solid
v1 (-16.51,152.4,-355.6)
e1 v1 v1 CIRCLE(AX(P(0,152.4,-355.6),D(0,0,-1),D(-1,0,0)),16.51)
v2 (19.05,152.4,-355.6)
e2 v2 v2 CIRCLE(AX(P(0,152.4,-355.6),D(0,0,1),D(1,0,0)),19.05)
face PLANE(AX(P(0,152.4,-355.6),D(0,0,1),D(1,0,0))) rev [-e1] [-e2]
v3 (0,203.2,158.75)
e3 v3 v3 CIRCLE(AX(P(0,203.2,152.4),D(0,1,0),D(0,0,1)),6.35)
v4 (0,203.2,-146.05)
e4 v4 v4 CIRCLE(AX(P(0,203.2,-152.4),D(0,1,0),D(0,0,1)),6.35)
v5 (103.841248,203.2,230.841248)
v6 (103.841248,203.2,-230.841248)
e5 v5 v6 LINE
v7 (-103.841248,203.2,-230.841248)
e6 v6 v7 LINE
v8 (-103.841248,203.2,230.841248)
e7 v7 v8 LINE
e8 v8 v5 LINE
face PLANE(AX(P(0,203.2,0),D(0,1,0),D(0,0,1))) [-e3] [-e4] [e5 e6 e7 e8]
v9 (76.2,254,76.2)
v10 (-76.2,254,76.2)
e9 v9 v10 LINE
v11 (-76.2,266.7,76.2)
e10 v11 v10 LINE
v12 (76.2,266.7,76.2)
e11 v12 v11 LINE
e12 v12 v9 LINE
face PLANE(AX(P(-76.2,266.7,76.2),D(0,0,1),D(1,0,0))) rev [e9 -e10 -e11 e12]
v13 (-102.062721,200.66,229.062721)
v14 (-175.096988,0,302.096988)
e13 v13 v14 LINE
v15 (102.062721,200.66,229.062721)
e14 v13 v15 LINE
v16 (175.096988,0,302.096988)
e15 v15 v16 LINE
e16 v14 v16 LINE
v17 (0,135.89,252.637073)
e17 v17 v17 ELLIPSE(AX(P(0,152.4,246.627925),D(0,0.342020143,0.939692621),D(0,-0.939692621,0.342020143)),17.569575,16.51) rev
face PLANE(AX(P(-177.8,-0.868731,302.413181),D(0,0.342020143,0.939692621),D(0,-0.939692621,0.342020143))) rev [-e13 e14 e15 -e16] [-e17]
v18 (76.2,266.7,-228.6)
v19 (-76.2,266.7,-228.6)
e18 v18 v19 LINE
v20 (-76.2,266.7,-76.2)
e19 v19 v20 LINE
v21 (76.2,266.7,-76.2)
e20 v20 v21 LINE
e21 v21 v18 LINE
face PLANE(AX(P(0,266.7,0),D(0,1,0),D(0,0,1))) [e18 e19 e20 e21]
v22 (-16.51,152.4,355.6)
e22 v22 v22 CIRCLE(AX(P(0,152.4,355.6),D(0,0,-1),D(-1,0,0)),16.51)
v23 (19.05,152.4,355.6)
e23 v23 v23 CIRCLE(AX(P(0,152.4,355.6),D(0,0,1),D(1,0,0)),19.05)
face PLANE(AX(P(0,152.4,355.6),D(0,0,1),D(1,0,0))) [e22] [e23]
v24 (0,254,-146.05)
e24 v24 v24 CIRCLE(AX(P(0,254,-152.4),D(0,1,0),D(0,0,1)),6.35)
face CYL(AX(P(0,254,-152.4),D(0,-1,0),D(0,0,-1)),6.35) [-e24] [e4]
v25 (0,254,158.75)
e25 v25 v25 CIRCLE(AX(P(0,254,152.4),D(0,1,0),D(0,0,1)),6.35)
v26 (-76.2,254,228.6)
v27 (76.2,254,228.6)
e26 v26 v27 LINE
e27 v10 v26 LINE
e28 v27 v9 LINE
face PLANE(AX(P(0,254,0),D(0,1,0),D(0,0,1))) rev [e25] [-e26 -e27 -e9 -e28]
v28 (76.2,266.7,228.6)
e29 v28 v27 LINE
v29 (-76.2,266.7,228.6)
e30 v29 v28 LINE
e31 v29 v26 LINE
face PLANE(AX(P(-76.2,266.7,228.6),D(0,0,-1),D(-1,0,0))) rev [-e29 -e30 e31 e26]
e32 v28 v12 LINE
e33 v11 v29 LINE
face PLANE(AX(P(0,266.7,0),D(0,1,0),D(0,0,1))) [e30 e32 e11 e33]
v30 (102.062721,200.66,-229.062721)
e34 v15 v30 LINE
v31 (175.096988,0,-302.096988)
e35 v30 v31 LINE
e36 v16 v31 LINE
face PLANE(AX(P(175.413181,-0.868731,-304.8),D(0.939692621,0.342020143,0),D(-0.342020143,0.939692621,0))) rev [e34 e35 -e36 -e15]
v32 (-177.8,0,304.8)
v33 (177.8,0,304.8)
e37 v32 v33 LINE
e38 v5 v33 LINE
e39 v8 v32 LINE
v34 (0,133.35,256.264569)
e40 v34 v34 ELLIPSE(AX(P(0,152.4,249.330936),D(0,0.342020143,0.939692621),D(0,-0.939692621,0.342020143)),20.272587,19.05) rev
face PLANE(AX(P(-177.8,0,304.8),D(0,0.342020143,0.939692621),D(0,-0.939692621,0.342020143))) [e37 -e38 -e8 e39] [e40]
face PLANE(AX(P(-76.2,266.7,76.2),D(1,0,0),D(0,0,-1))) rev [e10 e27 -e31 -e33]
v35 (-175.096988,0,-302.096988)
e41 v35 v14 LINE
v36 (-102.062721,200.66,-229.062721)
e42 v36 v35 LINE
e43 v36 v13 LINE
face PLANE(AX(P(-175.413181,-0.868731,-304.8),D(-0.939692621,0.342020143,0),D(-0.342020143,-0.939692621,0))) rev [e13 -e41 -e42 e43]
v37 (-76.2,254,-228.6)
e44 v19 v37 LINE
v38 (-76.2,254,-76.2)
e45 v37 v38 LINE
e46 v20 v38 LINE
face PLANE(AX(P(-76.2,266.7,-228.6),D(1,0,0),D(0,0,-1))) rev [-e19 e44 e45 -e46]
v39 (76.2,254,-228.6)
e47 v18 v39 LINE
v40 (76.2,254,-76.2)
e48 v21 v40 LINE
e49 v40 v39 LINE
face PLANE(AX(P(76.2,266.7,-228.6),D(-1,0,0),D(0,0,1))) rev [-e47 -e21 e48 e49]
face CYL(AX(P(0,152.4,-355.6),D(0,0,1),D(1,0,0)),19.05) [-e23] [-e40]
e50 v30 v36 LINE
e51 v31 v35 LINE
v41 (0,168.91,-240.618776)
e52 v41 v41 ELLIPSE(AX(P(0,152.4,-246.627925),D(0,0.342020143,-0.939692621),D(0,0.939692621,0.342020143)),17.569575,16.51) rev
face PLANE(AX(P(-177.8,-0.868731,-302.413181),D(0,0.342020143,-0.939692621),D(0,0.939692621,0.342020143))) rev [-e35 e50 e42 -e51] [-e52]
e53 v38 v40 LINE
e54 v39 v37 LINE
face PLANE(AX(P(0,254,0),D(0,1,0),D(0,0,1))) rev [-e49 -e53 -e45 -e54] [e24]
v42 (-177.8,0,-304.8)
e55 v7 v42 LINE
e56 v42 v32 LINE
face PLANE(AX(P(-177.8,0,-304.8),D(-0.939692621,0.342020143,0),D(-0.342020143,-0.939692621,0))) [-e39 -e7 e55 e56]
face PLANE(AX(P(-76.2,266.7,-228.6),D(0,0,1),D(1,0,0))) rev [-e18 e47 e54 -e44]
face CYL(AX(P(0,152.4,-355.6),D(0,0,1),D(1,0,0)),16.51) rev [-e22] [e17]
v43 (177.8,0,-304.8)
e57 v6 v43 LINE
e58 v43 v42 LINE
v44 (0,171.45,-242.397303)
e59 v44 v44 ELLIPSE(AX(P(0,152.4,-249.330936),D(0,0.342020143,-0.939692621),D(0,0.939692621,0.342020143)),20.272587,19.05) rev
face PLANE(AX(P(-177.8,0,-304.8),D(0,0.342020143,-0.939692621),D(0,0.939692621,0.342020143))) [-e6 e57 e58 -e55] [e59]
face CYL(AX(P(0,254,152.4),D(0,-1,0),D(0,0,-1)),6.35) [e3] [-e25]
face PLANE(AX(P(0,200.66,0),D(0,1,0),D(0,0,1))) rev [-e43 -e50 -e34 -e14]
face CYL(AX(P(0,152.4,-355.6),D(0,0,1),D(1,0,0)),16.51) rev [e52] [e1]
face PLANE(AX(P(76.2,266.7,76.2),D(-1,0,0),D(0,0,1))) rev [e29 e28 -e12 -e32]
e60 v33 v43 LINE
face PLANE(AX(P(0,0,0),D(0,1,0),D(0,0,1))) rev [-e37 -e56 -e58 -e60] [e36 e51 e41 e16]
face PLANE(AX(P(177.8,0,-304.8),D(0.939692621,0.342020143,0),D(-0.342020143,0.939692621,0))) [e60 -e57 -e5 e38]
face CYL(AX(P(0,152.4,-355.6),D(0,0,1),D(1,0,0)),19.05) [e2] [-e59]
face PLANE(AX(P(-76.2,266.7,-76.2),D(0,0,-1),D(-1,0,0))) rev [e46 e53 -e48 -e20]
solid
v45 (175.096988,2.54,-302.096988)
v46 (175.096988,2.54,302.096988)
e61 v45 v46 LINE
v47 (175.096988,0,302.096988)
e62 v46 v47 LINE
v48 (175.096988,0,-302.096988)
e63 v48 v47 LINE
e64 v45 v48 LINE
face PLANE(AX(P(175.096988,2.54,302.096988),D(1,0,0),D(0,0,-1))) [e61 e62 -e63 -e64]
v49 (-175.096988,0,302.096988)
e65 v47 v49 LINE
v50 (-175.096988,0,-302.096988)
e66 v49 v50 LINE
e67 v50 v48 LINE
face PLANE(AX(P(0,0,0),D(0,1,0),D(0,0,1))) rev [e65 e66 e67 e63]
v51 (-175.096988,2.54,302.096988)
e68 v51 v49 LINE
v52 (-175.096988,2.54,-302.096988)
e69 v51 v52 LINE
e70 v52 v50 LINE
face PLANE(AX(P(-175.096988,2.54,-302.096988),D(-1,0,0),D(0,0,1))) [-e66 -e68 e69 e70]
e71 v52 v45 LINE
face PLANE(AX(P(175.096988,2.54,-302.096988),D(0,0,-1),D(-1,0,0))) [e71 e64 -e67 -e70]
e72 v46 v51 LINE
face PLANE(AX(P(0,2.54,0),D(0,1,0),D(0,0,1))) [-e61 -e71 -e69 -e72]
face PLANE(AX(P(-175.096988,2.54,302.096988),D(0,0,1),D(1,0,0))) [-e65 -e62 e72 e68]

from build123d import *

# Parameters (mm, degrees)
SKETCH1_W                = 355.6
SKETCH1_H                = 609.6
BOSS_EXTRUDE1_DEPTH      = 203.2
BOSS_EXTRUDE1_TAPER      = 20
BOSS_EXTRUDE2_DEPTH      = 355.6
BOSS_EXTRUDE2_DEPTH_BACK = 355.6
SKETCH2_R                = 19.05
SKETCH2_R_2              = 12.7
SHELL1_T                 = -2.54
CUT_EXTRUDE1_DEPTH       = 759.354848219
CUT_EXTRUDE1_DEPTH_BACK  = 759.354848219
SKETCH3_R                = 16.51
SKETCH4_R                = 6.35
BOSS_EXTRUDE3_DEPTH      = 50.8
SKETCH5_W                = 152.4
SKETCH5_H                = 152.4
BOSS_EXTRUDE4_DEPTH      = 12.7
SKETCH6_W                = 350.193976916
SKETCH6_H                = 604.193976916
BOSS_EXTRUDE5_DEPTH      = 2.54


with BuildPart() as part:
    # Sketch1 → Boss-Extrude1 (new body)
    with BuildSketch(Plane(origin=(0, 0, 0), x_dir=(1, 0, 0), z_dir=(0, 1, 0))):
        Rectangle(SKETCH1_W, SKETCH1_H)
    extrude(amount=BOSS_EXTRUDE1_DEPTH, taper=BOSS_EXTRUDE1_TAPER)

    # Sketch2 → Boss-Extrude2 (add, two sides: drawn at the far end of the back side and taken through both)
    with BuildSketch(Plane.XY.offset(-BOSS_EXTRUDE2_DEPTH_BACK)):
        with Locations((0, 152.4)):
            Circle(SKETCH2_R)
        with Locations((0, 152.4)):
            Circle(SKETCH2_R_2, mode=Mode.SUBTRACT)
    extrude(amount=BOSS_EXTRUDE2_DEPTH + BOSS_EXTRUDE2_DEPTH_BACK)

    # Shell1
    shell1_openings = [part.faces().sort_by_distance(p)[0] for p in [
        (0, 0, 0),
    ]]
    offset(amount=SHELL1_T, openings=shell1_openings, kind=Kind.INTERSECTION)

    # Sketch3 → Cut-Extrude1 (cut, two sides: drawn at the far end of the back side and taken through both)
    with BuildSketch(Plane(origin=(0, 0, 353.06), x_dir=(-1, 0, 0), z_dir=(0, 0, -1)).offset(-CUT_EXTRUDE1_DEPTH_BACK)):
        with Locations(Location((0, 152.4, 0), (0, 0, 270))):
            Circle(SKETCH3_R)
    extrude(amount=CUT_EXTRUDE1_DEPTH + CUT_EXTRUDE1_DEPTH_BACK, mode=Mode.SUBTRACT)

    # Sketch4 → Boss-Extrude3 (add)
    with BuildSketch(Plane(origin=(0, 203.2, 0), x_dir=(1, 0, 0), z_dir=(0, 1, 0))):
        with Locations(Location((0, 152.4, 0), (0, 0, 270))):
            Circle(SKETCH4_R)
        with Locations(Location((0, -152.4, 0), (0, 0, 270))):
            Circle(SKETCH4_R)
    extrude(amount=BOSS_EXTRUDE3_DEPTH)

    # Sketch5 → Boss-Extrude4 (add)
    with BuildSketch(Plane(origin=(0, 254, 0), x_dir=(1, 0, 0), z_dir=(0, 1, 0))):
        with Locations((0, 152.4)):
            Rectangle(SKETCH5_W, SKETCH5_H)
        with Locations((0, -152.4)):
            Rectangle(SKETCH5_W, SKETCH5_H)
    extrude(amount=BOSS_EXTRUDE4_DEPTH)


with BuildPart() as body_2:
    # Sketch6 → Boss-Extrude5 (new body)
    with BuildSketch(Plane.XZ):
        Rectangle(SKETCH6_W, SKETCH6_H)
    extrude(amount=-BOSS_EXTRUDE5_DEPTH)


solid = Compound([part.part, body_2.part])
